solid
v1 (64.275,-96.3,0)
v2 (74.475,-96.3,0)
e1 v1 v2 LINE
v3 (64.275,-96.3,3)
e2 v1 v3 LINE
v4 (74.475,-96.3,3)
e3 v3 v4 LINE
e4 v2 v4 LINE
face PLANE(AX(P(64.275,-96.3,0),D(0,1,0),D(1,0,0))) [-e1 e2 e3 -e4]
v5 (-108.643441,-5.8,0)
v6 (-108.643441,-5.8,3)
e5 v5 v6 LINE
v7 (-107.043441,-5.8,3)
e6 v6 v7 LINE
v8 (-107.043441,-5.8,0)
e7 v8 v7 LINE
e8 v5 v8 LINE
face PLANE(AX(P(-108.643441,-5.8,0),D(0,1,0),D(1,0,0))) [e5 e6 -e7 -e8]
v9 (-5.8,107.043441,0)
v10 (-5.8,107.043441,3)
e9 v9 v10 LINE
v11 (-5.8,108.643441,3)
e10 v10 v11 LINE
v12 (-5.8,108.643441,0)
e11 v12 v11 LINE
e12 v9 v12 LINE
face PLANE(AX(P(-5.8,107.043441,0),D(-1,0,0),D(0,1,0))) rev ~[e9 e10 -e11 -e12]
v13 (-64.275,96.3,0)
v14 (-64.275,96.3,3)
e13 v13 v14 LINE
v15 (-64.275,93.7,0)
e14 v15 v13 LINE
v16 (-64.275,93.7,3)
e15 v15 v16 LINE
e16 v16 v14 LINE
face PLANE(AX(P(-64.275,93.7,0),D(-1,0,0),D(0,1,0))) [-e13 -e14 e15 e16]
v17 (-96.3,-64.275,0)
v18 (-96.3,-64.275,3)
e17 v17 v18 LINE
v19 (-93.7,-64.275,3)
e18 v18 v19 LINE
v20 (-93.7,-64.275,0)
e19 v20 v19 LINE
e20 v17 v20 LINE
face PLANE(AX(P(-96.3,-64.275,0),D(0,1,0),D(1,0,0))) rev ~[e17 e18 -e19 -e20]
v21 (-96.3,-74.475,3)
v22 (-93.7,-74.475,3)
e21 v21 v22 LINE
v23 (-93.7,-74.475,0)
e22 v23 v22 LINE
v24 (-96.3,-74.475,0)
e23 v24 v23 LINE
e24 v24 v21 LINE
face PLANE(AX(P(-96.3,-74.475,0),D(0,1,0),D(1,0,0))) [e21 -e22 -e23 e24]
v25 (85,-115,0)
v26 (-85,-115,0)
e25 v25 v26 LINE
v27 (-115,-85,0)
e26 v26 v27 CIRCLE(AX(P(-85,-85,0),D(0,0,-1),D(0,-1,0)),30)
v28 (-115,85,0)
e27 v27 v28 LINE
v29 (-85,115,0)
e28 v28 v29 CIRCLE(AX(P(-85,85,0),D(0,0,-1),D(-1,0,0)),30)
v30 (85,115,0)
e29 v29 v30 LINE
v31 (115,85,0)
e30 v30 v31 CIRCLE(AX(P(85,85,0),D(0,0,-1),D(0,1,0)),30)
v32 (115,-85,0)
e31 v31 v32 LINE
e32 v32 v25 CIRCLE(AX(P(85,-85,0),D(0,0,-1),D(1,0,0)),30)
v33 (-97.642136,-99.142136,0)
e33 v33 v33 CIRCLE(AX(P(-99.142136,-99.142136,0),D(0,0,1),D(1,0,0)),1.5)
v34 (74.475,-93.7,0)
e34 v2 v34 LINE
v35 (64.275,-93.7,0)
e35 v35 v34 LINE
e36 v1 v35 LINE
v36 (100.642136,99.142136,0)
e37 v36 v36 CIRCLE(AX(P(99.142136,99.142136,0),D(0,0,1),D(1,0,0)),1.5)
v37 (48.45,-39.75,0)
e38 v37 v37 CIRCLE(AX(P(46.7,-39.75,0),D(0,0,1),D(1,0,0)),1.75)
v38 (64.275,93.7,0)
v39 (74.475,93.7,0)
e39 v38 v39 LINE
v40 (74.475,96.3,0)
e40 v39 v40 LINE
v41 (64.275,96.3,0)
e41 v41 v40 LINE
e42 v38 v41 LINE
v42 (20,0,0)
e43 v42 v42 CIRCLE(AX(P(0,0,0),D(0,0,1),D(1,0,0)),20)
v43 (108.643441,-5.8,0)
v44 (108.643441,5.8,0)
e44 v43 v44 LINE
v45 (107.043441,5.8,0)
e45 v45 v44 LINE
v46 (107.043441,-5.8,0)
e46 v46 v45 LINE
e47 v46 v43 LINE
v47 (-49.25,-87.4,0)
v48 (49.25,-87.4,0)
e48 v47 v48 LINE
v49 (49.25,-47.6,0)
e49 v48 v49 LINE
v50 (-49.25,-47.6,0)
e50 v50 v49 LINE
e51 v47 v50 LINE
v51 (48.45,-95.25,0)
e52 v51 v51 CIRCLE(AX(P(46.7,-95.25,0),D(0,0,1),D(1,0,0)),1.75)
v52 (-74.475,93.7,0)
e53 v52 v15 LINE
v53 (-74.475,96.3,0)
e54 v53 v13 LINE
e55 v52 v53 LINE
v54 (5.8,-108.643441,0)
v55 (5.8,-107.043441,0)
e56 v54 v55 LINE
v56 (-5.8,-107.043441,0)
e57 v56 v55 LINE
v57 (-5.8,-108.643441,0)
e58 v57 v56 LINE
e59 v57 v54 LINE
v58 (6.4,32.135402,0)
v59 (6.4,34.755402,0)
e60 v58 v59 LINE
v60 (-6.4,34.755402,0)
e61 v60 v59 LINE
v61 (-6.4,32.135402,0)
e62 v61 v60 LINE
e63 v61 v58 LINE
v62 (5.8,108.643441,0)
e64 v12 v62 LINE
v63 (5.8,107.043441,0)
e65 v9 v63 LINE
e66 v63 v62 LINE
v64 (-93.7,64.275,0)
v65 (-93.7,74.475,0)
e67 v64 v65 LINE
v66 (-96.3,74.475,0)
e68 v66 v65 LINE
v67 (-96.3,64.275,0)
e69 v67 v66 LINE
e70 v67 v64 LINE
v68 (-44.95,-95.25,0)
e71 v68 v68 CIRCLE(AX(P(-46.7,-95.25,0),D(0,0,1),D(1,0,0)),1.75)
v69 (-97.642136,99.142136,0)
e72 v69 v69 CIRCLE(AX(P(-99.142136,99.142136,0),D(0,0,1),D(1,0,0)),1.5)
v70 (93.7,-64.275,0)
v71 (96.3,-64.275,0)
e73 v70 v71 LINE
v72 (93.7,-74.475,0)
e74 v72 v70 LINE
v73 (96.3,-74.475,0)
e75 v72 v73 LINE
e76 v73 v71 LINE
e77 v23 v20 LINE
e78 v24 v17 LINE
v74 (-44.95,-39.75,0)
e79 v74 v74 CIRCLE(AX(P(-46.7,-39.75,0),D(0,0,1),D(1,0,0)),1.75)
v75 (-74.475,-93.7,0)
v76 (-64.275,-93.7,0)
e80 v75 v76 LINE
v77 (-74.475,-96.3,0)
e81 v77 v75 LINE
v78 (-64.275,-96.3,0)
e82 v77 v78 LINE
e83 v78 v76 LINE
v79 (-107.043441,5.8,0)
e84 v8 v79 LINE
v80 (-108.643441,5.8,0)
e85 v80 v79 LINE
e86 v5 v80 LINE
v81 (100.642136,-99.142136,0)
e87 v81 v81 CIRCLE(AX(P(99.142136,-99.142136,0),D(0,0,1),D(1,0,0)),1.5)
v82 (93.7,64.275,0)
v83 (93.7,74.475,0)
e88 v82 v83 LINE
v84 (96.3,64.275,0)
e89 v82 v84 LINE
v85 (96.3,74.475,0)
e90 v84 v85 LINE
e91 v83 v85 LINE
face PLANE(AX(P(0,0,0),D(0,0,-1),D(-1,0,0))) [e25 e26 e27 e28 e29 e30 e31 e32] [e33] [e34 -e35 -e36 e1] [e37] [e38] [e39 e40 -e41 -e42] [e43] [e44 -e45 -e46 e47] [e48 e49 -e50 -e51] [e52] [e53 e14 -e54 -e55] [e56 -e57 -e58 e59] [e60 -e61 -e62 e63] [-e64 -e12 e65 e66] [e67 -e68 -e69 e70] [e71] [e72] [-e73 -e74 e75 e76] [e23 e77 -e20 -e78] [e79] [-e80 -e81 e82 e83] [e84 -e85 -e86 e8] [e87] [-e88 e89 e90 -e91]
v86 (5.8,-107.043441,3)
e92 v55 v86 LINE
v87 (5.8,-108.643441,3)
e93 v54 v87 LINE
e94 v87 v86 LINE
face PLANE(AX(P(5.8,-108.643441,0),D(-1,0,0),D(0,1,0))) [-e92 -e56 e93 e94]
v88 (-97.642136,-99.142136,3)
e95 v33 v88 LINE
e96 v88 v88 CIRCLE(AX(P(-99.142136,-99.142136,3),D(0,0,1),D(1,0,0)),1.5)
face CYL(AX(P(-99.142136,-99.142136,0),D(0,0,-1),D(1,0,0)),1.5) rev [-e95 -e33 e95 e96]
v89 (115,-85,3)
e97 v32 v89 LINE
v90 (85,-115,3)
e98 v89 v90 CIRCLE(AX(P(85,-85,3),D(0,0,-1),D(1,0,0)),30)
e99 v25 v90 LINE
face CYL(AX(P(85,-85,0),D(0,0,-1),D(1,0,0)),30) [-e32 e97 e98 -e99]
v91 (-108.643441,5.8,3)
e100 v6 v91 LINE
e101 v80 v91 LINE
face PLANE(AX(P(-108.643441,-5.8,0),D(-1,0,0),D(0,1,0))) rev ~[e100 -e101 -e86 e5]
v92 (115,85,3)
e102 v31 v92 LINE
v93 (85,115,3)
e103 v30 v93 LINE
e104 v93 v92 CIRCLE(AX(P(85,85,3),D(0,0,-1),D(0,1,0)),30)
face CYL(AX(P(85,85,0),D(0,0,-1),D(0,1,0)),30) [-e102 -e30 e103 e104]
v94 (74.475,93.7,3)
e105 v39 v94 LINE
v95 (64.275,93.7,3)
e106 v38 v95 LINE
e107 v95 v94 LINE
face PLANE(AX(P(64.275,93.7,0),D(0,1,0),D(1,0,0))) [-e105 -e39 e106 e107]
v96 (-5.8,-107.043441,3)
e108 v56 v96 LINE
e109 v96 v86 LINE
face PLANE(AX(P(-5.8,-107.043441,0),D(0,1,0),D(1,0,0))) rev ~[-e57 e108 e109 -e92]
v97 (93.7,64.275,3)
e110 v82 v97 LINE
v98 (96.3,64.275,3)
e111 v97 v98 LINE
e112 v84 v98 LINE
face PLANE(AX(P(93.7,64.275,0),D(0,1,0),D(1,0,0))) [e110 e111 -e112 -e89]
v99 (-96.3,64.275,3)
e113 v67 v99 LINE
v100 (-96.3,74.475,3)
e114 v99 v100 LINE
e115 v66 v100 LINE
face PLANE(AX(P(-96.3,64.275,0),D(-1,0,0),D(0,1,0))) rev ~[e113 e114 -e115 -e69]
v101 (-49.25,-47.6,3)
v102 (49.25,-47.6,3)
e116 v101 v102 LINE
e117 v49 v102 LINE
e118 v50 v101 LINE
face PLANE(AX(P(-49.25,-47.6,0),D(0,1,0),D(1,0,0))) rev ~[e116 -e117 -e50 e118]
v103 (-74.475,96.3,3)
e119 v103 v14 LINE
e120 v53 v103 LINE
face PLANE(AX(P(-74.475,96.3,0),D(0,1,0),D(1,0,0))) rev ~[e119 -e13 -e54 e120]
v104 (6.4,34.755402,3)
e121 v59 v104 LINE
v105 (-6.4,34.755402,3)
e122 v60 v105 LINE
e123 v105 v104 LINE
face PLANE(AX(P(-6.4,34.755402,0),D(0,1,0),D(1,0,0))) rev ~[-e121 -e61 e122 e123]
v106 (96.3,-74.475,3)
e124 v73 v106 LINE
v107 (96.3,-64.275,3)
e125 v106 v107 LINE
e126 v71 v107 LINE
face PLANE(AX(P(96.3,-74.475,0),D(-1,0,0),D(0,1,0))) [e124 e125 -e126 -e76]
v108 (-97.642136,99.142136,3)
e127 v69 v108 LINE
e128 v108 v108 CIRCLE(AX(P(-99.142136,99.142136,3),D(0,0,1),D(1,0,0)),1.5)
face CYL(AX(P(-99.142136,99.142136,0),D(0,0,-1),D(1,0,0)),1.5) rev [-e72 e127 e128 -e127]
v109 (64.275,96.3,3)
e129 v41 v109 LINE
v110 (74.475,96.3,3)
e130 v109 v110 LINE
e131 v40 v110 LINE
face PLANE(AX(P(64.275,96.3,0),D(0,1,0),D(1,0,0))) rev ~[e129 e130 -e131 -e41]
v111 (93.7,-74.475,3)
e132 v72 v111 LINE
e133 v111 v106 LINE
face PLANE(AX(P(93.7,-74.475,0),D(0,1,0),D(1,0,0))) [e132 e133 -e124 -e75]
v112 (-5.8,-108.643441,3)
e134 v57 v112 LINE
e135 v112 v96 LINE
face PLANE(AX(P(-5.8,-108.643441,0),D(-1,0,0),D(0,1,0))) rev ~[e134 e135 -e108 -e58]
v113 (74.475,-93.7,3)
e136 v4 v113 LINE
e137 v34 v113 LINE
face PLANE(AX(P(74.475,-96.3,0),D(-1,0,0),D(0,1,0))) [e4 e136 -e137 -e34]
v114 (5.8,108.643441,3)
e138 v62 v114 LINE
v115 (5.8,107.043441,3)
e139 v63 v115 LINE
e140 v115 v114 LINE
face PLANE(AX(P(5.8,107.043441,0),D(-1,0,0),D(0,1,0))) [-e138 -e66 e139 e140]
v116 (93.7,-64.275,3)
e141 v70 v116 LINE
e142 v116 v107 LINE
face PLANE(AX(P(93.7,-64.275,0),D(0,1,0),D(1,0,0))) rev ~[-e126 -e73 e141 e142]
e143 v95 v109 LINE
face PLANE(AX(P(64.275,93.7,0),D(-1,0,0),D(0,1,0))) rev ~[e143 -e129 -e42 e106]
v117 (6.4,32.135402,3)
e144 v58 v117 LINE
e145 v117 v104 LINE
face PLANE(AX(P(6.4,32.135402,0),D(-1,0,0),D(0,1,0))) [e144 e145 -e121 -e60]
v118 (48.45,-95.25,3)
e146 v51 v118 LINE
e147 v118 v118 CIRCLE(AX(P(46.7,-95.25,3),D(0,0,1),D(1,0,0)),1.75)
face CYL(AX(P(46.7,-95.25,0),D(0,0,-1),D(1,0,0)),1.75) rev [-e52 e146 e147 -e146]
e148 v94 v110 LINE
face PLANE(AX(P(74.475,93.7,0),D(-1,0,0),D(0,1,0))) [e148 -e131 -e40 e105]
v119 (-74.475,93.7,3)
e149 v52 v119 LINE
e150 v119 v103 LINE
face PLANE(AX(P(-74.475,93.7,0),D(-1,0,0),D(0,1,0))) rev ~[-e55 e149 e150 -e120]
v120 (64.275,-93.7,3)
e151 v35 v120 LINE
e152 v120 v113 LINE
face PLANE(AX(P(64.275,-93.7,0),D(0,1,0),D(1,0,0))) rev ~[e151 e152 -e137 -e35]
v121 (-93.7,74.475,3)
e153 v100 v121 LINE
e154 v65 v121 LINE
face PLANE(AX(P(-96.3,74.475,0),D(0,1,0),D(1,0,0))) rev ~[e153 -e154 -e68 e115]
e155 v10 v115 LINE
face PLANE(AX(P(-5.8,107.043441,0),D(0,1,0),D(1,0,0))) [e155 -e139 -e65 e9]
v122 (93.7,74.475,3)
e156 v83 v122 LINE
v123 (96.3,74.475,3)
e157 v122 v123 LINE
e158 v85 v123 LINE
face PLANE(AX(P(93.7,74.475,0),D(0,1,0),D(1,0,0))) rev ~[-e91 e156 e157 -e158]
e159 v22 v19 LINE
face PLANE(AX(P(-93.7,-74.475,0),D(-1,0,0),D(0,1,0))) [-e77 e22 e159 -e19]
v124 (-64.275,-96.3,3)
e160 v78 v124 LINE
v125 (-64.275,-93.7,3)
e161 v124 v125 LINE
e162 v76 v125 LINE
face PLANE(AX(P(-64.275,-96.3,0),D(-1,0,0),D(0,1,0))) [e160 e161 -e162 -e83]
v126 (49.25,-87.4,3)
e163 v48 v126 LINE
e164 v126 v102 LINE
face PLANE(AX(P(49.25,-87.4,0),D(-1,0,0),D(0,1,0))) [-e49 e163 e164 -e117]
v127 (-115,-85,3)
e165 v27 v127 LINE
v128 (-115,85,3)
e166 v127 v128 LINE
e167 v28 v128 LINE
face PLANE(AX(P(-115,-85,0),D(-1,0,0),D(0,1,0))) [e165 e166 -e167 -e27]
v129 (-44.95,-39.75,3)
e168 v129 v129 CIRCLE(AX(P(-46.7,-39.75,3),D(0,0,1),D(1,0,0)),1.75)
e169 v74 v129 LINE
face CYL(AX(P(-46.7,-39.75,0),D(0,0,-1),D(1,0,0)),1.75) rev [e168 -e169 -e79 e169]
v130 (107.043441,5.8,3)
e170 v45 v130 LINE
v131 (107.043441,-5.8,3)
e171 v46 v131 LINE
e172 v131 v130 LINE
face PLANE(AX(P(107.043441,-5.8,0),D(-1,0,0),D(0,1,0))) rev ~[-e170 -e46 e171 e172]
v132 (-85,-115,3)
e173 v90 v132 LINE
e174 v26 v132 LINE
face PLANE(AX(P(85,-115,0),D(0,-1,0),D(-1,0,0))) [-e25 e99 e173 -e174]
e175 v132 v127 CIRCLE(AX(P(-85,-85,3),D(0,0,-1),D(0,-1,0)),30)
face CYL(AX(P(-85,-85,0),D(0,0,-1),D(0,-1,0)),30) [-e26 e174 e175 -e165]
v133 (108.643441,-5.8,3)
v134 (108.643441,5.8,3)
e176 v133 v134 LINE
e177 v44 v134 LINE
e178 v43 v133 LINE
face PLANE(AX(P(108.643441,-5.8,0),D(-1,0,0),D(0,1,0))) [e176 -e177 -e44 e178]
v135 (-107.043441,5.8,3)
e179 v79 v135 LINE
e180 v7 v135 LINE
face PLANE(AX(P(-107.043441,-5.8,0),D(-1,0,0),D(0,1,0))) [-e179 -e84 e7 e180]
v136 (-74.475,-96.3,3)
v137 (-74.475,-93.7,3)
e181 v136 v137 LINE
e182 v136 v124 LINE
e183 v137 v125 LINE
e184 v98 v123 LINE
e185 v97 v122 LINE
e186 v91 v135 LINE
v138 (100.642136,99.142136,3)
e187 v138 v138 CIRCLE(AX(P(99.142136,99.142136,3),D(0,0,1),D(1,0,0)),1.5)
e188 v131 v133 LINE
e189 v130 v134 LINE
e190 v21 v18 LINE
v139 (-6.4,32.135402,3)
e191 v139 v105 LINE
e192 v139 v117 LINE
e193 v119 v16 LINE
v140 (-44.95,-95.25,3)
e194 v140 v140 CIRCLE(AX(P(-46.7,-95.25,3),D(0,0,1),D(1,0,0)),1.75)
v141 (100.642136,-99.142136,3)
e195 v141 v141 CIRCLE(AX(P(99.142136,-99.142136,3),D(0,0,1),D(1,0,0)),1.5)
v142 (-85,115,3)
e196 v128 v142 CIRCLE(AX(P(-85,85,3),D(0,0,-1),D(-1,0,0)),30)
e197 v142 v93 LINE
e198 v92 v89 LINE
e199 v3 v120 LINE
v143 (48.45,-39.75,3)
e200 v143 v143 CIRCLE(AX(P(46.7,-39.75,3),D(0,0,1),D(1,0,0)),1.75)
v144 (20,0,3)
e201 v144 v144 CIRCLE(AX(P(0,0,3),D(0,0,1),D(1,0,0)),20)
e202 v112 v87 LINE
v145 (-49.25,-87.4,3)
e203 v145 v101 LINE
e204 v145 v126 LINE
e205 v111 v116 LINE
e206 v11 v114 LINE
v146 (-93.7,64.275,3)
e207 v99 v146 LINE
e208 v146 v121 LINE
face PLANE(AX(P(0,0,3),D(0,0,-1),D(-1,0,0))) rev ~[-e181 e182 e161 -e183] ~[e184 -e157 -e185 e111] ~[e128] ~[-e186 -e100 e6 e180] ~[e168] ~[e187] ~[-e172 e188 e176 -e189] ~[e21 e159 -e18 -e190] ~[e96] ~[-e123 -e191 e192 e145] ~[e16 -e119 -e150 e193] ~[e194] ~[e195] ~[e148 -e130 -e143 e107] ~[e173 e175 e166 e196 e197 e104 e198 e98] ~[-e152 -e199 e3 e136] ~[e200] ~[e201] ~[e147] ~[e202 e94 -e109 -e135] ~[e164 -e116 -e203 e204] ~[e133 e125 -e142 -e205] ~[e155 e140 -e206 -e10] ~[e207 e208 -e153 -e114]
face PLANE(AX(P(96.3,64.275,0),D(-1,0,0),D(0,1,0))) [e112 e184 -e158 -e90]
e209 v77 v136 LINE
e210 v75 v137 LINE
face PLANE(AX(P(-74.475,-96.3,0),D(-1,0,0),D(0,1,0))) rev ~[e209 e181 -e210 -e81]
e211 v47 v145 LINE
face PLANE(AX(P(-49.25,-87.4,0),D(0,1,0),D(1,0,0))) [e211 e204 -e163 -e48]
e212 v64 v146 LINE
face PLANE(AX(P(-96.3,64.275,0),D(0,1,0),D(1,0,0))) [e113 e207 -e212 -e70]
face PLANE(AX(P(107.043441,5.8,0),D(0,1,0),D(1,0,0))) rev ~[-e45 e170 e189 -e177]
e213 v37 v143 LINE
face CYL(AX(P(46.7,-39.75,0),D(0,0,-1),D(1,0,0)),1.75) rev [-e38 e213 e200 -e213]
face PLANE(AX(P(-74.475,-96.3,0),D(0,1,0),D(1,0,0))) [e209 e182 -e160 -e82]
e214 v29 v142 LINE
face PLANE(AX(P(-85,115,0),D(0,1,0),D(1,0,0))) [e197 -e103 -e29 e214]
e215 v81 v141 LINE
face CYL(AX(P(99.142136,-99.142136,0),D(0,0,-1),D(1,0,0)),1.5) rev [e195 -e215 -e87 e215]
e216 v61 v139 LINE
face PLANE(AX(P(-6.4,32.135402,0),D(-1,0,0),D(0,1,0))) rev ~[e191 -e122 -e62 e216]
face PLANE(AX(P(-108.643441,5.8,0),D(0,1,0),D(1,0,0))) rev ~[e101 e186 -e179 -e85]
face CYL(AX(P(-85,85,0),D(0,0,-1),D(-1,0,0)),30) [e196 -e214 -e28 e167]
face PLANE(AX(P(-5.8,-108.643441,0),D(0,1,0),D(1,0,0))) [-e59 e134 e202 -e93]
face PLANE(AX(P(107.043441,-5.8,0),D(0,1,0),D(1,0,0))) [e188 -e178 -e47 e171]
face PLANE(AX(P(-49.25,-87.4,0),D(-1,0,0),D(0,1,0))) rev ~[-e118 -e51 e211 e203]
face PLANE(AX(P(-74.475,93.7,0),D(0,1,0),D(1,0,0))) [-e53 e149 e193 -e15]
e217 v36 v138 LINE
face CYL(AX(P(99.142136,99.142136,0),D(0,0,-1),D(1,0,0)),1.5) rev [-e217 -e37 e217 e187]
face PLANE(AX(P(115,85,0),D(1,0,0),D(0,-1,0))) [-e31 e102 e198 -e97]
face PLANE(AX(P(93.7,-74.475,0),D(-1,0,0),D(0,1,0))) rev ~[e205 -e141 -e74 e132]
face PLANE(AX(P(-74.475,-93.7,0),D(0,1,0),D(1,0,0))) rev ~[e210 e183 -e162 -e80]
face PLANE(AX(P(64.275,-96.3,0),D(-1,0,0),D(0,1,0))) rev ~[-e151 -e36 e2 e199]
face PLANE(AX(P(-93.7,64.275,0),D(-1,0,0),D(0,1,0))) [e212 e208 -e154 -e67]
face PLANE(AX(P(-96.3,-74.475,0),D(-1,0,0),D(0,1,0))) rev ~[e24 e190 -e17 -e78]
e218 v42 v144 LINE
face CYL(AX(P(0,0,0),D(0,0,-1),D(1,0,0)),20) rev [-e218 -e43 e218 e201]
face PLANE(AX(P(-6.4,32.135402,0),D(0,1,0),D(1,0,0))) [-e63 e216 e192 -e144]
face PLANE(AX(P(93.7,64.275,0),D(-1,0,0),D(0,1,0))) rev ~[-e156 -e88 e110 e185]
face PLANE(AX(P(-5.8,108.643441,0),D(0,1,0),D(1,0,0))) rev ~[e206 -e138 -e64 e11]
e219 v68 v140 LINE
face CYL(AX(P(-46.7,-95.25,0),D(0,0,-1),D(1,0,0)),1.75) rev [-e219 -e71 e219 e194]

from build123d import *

# Parameters (mm, degrees)
CROQUIS1_R              = 1.5
CROQUIS1_R_2            = 1.75
CROQUIS1_R_3            = 20
CROQUIS1_W              = 98.5
CROQUIS1_H              = 39.8
CROQUIS1_W_2            = 10.2
CROQUIS1_H_2            = 2.6
CROQUIS1_W_3            = 2.6
CROQUIS1_H_3            = 10.2
CROQUIS1_W_4            = 1.6
CROQUIS1_H_4            = 11.6
CROQUIS1_W_5            = 12.8
CROQUIS1_H_5            = 2.62
CROQUIS1_W_6            = 11.6
CROQUIS1_H_6            = 1.6
SALIENTE_EXTRUIR1_DEPTH = 3


with BuildPart() as part:
    # Croquis1 → Saliente-Extruir1 (new body)
    with BuildSketch(Plane.XY):
        with BuildLine():
            Line((85, -115), (-85, -115))
            ThreePointArc((-85, -115), (-106.213203436, -106.213203436), (-115, -85))
            Line((-115, -85), (-115, 85))
            ThreePointArc((-115, 85), (-106.213203436, 106.213203436), (-85, 115))
            Line((-85, 115), (85, 115))
            ThreePointArc((85, 115), (106.213203436, 106.213203436), (115, 85))
            Line((115, 85), (115, -85))
            ThreePointArc((115, -85), (106.213203436, -106.213203436), (85, -115))
        make_face()
        with Locations((-99.142135624, 99.142135624)):
            Circle(CROQUIS1_R, mode=Mode.SUBTRACT)
        with Locations((-99.142135624, -99.142135624)):
            Circle(CROQUIS1_R, mode=Mode.SUBTRACT)
        with Locations((99.142135624, 99.142135624)):
            Circle(CROQUIS1_R, mode=Mode.SUBTRACT)
        with Locations((99.142135624, -99.142135624)):
            Circle(CROQUIS1_R, mode=Mode.SUBTRACT)
        with Locations((46.7, -39.75)):
            Circle(CROQUIS1_R_2, mode=Mode.SUBTRACT)
        with Locations((-46.7, -39.75)):
            Circle(CROQUIS1_R_2, mode=Mode.SUBTRACT)
        with Locations((46.7, -95.25)):
            Circle(CROQUIS1_R_2, mode=Mode.SUBTRACT)
        with Locations((-46.7, -95.25)):
            Circle(CROQUIS1_R_2, mode=Mode.SUBTRACT)
        Circle(CROQUIS1_R_3, mode=Mode.SUBTRACT)
        with Locations((0, -67.5)):
            Rectangle(CROQUIS1_W, CROQUIS1_H, mode=Mode.SUBTRACT)
        with Locations((69.375, 95)):
            Rectangle(CROQUIS1_W_2, CROQUIS1_H_2, mode=Mode.SUBTRACT)
        with Locations((69.375, -95)):
            Rectangle(CROQUIS1_W_2, CROQUIS1_H_2, mode=Mode.SUBTRACT)
        with Locations((-69.375, -95)):
            Rectangle(CROQUIS1_W_2, CROQUIS1_H_2, mode=Mode.SUBTRACT)
        with Locations((-69.375, 95)):
            Rectangle(CROQUIS1_W_2, CROQUIS1_H_2, mode=Mode.SUBTRACT)
        with Locations((-95, -69.375)):
            Rectangle(CROQUIS1_W_3, CROQUIS1_H_3, mode=Mode.SUBTRACT)
        with Locations((-95, 69.375)):
            Rectangle(CROQUIS1_W_3, CROQUIS1_H_3, mode=Mode.SUBTRACT)
        with Locations((95, -69.375)):
            Rectangle(CROQUIS1_W_3, CROQUIS1_H_3, mode=Mode.SUBTRACT)
        with Locations((95, 69.375)):
            Rectangle(CROQUIS1_W_3, CROQUIS1_H_3, mode=Mode.SUBTRACT)
        with Locations((107.843441478, 0)):
            Rectangle(CROQUIS1_W_4, CROQUIS1_H_4, mode=Mode.SUBTRACT)
        with Locations((0, 33.445401683)):
            Rectangle(CROQUIS1_W_5, CROQUIS1_H_5, mode=Mode.SUBTRACT)
        with Locations((-107.843441478, 0)):
            Rectangle(CROQUIS1_W_4, CROQUIS1_H_4, mode=Mode.SUBTRACT)
        with Locations((0, 107.843441478)):
            Rectangle(CROQUIS1_W_6, CROQUIS1_H_6, mode=Mode.SUBTRACT)
        with Locations((0, -107.843441478)):
            Rectangle(CROQUIS1_W_6, CROQUIS1_H_6, mode=Mode.SUBTRACT)
    extrude(amount=SALIENTE_EXTRUIR1_DEPTH)


solid = part.part
